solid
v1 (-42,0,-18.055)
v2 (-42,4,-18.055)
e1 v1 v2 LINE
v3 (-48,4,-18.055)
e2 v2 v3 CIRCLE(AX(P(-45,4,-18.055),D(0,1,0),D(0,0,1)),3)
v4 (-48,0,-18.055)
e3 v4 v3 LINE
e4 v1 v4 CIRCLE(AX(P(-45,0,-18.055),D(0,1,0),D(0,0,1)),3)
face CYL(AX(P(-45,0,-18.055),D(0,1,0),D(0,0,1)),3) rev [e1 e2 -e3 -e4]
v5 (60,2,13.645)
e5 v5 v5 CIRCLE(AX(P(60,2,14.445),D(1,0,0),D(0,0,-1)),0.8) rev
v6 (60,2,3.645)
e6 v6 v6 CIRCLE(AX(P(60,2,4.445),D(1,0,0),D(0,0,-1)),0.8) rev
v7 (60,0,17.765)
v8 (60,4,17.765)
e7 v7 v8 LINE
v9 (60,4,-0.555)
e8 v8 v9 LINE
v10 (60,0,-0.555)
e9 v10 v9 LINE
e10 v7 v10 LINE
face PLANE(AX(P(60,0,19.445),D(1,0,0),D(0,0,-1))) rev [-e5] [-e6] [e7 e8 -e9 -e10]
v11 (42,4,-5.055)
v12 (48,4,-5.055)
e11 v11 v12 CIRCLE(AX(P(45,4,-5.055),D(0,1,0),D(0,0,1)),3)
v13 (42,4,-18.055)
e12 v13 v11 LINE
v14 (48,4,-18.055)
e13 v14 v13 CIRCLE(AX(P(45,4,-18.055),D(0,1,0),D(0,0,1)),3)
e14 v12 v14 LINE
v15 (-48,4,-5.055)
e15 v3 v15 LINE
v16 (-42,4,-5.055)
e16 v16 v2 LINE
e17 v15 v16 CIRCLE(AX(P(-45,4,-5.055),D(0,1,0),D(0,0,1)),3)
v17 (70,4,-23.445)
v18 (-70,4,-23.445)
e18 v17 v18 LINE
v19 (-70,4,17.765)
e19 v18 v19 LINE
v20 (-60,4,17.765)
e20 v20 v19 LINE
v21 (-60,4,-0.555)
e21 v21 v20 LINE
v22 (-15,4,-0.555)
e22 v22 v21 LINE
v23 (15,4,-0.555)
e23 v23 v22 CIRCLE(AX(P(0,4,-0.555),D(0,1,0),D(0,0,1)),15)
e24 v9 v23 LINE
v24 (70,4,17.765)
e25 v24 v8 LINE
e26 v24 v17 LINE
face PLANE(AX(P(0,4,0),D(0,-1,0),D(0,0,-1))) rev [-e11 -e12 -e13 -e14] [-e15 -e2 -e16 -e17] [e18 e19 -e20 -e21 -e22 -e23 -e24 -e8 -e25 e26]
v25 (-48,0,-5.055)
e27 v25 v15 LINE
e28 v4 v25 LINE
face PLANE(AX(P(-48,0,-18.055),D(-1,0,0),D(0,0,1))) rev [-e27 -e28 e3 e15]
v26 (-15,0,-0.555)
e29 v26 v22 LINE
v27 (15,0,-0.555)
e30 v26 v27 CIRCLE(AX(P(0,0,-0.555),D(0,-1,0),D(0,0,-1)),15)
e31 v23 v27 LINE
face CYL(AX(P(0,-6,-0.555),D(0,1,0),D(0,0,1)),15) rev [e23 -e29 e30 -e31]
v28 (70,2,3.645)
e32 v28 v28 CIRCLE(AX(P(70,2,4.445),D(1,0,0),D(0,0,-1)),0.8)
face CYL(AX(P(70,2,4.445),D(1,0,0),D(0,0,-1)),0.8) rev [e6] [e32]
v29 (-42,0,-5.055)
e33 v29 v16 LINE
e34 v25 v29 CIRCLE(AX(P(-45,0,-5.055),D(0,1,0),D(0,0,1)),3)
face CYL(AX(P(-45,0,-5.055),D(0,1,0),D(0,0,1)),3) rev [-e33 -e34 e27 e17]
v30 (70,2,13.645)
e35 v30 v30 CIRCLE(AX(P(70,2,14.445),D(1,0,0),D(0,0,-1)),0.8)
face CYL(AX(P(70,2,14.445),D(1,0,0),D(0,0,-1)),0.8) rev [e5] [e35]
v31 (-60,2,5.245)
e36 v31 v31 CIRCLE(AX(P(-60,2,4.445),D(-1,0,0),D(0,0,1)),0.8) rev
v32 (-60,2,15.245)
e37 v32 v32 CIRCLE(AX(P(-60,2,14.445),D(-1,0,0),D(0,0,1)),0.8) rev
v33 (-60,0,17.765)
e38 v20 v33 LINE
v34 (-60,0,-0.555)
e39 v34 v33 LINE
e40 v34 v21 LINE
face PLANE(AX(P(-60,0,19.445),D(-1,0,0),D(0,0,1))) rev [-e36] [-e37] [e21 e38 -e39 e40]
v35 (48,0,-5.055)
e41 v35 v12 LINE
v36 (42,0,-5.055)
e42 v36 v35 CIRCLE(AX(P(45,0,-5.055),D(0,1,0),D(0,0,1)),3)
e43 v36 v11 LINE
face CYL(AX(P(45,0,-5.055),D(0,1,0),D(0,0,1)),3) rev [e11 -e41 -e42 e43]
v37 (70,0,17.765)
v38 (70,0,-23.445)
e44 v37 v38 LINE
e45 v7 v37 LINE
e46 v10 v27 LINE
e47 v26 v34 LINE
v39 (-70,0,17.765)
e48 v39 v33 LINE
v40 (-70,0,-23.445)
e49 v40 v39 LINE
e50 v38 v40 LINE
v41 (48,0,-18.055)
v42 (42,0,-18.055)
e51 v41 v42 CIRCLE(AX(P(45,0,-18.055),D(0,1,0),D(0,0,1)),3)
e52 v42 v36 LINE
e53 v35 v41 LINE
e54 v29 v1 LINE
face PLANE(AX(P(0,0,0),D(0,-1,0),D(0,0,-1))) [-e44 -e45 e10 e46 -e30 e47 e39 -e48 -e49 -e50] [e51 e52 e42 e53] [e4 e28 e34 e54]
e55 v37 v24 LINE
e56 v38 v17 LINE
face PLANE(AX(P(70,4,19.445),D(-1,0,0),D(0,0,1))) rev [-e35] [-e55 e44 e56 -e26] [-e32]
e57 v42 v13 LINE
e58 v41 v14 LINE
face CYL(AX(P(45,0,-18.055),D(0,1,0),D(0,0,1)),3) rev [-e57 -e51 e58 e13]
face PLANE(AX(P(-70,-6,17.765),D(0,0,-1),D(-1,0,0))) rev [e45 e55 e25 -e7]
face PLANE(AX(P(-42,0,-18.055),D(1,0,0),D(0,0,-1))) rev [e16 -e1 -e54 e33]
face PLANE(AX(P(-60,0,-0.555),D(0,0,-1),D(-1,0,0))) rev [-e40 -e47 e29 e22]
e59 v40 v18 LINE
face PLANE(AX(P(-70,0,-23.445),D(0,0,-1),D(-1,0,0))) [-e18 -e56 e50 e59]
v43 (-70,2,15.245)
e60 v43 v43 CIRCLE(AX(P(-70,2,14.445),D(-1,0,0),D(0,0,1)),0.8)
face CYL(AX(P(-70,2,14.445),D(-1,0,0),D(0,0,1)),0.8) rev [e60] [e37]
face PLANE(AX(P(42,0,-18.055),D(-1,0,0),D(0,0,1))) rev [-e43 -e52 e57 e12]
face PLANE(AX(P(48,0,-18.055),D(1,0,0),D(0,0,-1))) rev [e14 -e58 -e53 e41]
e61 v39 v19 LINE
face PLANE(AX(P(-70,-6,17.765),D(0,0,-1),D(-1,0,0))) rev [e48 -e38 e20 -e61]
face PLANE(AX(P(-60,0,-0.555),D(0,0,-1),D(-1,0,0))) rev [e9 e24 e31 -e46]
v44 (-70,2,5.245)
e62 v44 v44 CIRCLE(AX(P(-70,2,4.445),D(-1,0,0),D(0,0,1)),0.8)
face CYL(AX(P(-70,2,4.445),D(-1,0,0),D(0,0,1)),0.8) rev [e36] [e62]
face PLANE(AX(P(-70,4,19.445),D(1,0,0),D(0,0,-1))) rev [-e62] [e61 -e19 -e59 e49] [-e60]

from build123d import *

# Parameters (mm, degrees)
SKETCH2_W                      = 140
SKETCH2_H                      = 38.89
BOSS_EXTRUDE1_DEPTH            = 4
M2X0_4_TAPPED_HOLE1_AT_2_COUNT = 2
M2X0_4_TAPPED_HOLE1_AT_2_PITCH = 10
SKETCH6_W                      = 120
SKETCH6_H                      = 20
CUT_EXTRUDE1_DEPTH             = 5
SKETCH8_W                      = 35
SKETCH8_H                      = 2.29
SKETCH8_W_2                    = 10
BOSS_EXTRUDE2_DEPTH            = 4
SKETCH9_W                      = 25
SKETCH9_H                      = 2.29
CUT_EXTRUDE3_DEPTH             = 5
SKETCH10_W                     = 140
SKETCH10_H                     = 4
BOSS_EXTRUDE3_DEPTH            = 4
SKETCH11_W                     = 140
SKETCH11_H                     = 3.97
CUT_EXTRUDE4_DEPTH             = 10
CUT_EXTRUDE5_DEPTH             = 5
CUT_EXTRUDE6_DEPTH             = 10


with BuildPart() as part:
    # Sketch2 → Boss-Extrude1 (new body)
    with BuildSketch(Plane(origin=(0, 0, 0), x_dir=(1, 0, 0), z_dir=(0, 1, 0))):
        Rectangle(SKETCH2_W, SKETCH2_H)
    extrude(amount=BOSS_EXTRUDE1_DEPTH)

    # Sketch4 → M2x0.4 Tapped Hole1 (revolve, cut)
    with BuildSketch(Plane(origin=(-70, 2, 4.445), x_dir=(0, 0, 1), z_dir=(0, 1, 0))):
        Polygon((0, 0), (0, 18.480688495), (0.8, 18), (0.8, 0), align=None)
    m2x0_4_tapped_hole1 = revolve(axis=Axis((-76.35, 2, 4.445), (1, 0, 0)), mode=Mode.SUBTRACT)

    # M2x0.4 Tapped Hole1 at 2: M2x0.4 Tapped Hole1 ×2
    with Locations(*[(0, 0, i * M2X0_4_TAPPED_HOLE1_AT_2_PITCH) for i in range(1, M2X0_4_TAPPED_HOLE1_AT_2_COUNT)]):
        add(m2x0_4_tapped_hole1, mode=Mode.SUBTRACT)

    # Mirror1: M2x0.4 Tapped Hole1 across plane
    add(m2x0_4_tapped_hole1.mirror(Plane(origin=(0, 0, 0), x_dir=(0, 0, 1), z_dir=(1, 0, 0))), mode=Mode.SUBTRACT)

    # Mirror1 copy 1 sketch → Mirror1 copy 1 (revolve, cut)
    with BuildSketch(Plane(origin=(70, 2, 14.445), x_dir=(0, 0, 1), z_dir=(0, 1, 0))):
        Polygon((0, 0), (0, -18.480688495), (0.8, -18), (0.8, 0), align=None)
    revolve(axis=Axis((76.35, 2, 14.445), (1, 0, 0)), mode=Mode.SUBTRACT)

    # Sketch6 → Cut-Extrude1 (cut, through all)
    with BuildSketch(Plane(origin=(0, 4, 0), x_dir=(1, 0, 0), z_dir=(0, 1, 0))):
        with Locations((0, -9.445)):
            Rectangle(SKETCH6_W, SKETCH6_H)
    extrude(amount=-CUT_EXTRUDE1_DEPTH, mode=Mode.SUBTRACT)

    # Sketch8 → Boss-Extrude2 (add, through all)
    with BuildSketch(Plane(origin=(0, 4, 0), x_dir=(1, 0, 0), z_dir=(0, 1, 0))):
        with Locations((-52.5, -20.59)):
            Rectangle(SKETCH8_W, SKETCH8_H)
        with Locations((65, -20.59)):
            Rectangle(SKETCH8_W_2, SKETCH8_H)
    extrude(amount=-BOSS_EXTRUDE2_DEPTH)

    # Sketch9 → Cut-Extrude3 (cut, through all)
    with BuildSketch(Plane(origin=(0, 4, 0), x_dir=(1, 0, 0), z_dir=(0, 1, 0))):
        with Locations((-47.5, -20.59)):
            Rectangle(SKETCH9_W, SKETCH9_H)
    extrude(amount=-CUT_EXTRUDE3_DEPTH, mode=Mode.SUBTRACT)

    # Sketch10 → Boss-Extrude3 (add, through all)
    with BuildSketch(Plane(origin=(0, 4, 0), x_dir=(1, 0, 0), z_dir=(0, 1, 0))):
        with Locations((0, 21.445)):
            Rectangle(SKETCH10_W, SKETCH10_H)
    extrude(amount=-BOSS_EXTRUDE3_DEPTH)

    # Sketch11 → Cut-Extrude4 (cut)
    with BuildSketch(Plane(origin=(0, 4, 0), x_dir=(1, 0, 0), z_dir=(0, 1, 0))):
        with Locations((0, -19.75)):
            Rectangle(SKETCH11_W, SKETCH11_H)
    extrude(amount=-CUT_EXTRUDE4_DEPTH, mode=Mode.SUBTRACT)

    # Sketch7 → Cut-Extrude5 (cut, through all)
    with BuildSketch(Plane(origin=(0, 4, 0), x_dir=(1, 0, 0), z_dir=(0, 1, 0))):
        with BuildLine():
            Line((-42, 18.055), (-42, 5.055))
            ThreePointArc((-42, 5.055), (-45, 2.055), (-48, 5.055))
            Line((-48, 5.055), (-48, 18.055))
            ThreePointArc((-48, 18.055), (-45, 21.055), (-42, 18.055))
        make_face()
        with BuildLine():
            Line((48, 18.055), (48, 5.055))
            ThreePointArc((48, 5.055), (45, 2.055), (42, 5.055))
            Line((42, 5.055), (42, 18.055))
            ThreePointArc((42, 18.055), (45, 21.055), (48, 18.055))
        make_face()
    extrude(amount=-CUT_EXTRUDE5_DEPTH, mode=Mode.SUBTRACT)

    # Sketch13 → Cut-Extrude6 (cut)
    with BuildSketch(Plane(origin=(0, 4, 0), x_dir=(1, 0, 0), z_dir=(0, 1, 0))):
        with BuildLine():
            Line((-15, 0.555), (15, 0.555))
            ThreePointArc((15, 0.555), (0, 15.555), (-15, 0.555))
        make_face()
    extrude(amount=-CUT_EXTRUDE6_DEPTH, mode=Mode.SUBTRACT)


solid = part.part
